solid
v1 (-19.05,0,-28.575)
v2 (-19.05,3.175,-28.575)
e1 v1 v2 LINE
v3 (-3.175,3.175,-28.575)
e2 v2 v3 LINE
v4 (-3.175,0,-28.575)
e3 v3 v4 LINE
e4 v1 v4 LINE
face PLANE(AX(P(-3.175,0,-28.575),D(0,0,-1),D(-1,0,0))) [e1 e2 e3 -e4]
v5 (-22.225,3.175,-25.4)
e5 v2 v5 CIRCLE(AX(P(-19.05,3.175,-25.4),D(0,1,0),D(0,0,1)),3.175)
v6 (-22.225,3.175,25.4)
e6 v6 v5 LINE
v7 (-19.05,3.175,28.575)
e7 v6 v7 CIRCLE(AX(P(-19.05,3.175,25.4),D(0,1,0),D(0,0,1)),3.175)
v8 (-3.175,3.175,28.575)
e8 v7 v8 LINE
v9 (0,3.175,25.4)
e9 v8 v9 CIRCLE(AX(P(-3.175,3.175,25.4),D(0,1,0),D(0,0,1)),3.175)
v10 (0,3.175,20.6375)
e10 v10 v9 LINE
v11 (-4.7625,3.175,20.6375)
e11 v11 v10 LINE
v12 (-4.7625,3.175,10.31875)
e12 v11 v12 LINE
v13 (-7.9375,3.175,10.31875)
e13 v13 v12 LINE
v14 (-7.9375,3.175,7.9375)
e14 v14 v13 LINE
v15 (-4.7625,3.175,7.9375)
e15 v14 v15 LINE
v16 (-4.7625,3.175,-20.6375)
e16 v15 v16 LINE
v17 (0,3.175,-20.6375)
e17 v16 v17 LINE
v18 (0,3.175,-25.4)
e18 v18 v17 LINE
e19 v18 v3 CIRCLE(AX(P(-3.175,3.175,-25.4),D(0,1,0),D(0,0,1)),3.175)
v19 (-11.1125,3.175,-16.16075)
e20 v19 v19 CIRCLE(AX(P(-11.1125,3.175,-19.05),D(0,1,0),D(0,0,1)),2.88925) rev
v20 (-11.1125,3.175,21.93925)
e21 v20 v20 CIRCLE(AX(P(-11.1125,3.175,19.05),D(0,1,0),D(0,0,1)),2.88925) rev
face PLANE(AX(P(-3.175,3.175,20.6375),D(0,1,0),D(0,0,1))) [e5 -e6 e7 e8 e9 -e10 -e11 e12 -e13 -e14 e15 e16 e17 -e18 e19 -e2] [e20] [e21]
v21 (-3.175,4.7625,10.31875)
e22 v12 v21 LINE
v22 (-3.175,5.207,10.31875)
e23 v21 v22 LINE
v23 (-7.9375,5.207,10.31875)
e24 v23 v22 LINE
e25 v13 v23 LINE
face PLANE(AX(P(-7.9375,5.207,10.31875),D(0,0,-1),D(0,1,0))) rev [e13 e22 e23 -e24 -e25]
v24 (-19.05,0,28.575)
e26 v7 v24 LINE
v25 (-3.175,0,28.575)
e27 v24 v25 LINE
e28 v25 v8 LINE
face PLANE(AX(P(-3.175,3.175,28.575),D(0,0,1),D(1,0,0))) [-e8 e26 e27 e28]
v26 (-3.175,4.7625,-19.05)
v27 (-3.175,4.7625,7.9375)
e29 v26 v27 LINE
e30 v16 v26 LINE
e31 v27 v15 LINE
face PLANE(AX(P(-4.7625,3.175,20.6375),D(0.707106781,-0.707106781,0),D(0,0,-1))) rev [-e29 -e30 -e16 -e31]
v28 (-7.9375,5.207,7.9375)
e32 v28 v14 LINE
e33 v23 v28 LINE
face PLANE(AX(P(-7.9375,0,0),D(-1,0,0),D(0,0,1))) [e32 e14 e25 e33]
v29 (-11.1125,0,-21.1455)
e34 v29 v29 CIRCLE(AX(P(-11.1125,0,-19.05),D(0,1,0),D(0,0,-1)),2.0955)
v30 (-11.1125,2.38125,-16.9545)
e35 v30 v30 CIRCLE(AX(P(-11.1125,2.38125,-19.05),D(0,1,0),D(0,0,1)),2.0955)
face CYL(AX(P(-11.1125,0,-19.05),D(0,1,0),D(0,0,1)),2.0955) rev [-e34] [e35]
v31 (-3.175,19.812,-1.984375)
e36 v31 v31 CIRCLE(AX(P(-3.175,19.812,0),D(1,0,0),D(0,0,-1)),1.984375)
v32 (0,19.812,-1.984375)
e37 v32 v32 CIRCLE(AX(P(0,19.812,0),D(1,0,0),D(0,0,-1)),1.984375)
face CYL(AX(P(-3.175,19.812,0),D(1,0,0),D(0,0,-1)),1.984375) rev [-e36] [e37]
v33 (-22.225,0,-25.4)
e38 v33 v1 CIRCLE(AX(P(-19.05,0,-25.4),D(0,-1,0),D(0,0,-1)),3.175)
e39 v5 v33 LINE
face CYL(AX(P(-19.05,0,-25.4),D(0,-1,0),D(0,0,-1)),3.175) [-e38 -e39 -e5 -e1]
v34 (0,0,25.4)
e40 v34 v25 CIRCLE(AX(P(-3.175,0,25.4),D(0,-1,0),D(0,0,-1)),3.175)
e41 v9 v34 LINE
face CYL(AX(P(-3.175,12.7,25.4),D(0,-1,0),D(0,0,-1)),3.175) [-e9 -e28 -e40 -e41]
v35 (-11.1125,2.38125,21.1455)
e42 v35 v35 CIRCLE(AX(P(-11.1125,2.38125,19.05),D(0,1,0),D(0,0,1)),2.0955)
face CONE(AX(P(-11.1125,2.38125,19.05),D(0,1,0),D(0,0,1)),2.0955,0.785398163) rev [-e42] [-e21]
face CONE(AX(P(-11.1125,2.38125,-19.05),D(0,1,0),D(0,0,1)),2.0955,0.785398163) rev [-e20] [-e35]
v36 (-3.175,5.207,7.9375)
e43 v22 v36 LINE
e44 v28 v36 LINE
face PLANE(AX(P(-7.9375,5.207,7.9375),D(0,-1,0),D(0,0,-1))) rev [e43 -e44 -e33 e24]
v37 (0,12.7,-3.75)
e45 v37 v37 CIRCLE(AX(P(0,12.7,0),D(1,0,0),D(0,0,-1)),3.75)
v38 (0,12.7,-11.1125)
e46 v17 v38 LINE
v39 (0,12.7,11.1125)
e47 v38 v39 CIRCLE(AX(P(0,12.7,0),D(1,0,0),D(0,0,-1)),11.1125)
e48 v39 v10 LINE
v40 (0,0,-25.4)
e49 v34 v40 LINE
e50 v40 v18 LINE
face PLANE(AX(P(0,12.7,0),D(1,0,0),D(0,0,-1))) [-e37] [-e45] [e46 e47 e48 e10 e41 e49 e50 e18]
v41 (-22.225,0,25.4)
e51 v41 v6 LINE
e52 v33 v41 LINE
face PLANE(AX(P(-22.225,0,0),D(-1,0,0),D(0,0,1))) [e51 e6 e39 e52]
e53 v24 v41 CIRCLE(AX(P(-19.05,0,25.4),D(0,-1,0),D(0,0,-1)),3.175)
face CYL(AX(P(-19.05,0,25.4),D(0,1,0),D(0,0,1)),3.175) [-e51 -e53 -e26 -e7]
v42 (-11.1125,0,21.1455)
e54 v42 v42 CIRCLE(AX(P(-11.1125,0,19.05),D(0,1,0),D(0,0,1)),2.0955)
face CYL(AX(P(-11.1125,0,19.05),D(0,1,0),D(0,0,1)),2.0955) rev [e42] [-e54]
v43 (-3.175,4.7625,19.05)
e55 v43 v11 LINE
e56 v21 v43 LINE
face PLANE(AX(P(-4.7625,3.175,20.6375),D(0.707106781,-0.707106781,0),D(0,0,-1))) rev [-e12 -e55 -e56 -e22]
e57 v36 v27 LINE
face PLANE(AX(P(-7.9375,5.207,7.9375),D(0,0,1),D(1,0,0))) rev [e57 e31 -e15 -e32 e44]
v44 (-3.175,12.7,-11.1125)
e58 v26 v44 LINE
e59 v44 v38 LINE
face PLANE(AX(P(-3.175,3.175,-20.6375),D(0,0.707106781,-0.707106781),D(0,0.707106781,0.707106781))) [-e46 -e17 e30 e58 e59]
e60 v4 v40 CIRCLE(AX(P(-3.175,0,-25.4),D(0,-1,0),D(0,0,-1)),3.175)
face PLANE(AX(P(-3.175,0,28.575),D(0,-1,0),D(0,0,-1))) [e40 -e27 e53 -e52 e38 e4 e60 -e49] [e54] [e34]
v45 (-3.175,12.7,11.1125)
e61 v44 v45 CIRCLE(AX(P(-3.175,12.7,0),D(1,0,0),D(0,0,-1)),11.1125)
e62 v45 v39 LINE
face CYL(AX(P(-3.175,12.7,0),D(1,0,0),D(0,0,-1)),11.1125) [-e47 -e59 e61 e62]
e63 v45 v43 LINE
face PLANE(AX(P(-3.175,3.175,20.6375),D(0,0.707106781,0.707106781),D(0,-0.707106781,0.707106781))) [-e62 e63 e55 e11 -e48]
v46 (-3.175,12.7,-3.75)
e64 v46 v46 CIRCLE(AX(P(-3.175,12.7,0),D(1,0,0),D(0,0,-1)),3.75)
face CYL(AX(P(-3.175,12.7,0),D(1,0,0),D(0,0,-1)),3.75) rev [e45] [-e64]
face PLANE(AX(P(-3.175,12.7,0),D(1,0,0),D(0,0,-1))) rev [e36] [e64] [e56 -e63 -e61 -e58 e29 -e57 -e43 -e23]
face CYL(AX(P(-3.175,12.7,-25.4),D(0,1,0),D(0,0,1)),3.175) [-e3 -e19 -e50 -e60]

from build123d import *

# Parameters (mm, degrees)
SKETCH1_R           = 3.75
BOSS_EXTRUDE1_DEPTH = 3.175
SKETCH2_R           = 1.984375
CUT_EXTRUDE1_DEPTH  = 4.175
SKETCH3_W           = 57.15
SKETCH3_H           = 3.175
BOSS_EXTRUDE2_DEPTH = 19.05
SKETCH4_W           = 2.38125
SKETCH4_H           = 2.032
BOSS_EXTRUDE3_DEPTH = 4.7625
SKETCH5_R           = 2.0955
CUT_EXTRUDE2_DEPTH  = 4.175
CHAMFER1_SIZE       = 0.79375
CHAMFER3_SIZE       = 1.5875
FILLET1_R           = 3.175


with BuildPart() as part:
    # Sketch1 → Boss-Extrude1 (new body)
    with BuildSketch(Plane(origin=(0, 0, 0), x_dir=(0, 0, -1), z_dir=(1, 0, 0))):
        with BuildLine():
            Line((-28.575, 0), (28.575, 0))
            Line((28.575, 0), (28.575, 3.175))
            Line((28.575, 3.175), (20.6375, 3.175))
            Line((20.6375, 3.175), (11.1125, 12.7))
            ThreePointArc((11.1125, 12.7), (0, 23.8125), (-11.1125, 12.7))
            Line((-11.1125, 12.7), (-20.6375, 3.175))
            Line((-20.6375, 3.175), (-28.575, 3.175))
            Line((-28.575, 3.175), (-28.575, 0))
        make_face()
        with Locations((0, 12.7)):
            Circle(SKETCH1_R, mode=Mode.SUBTRACT)
    extrude(amount=-BOSS_EXTRUDE1_DEPTH)

    # Sketch2 → Cut-Extrude1 (cut, through all)
    with BuildSketch(Plane(origin=(0, 0, 0), x_dir=(0, 0, -1), z_dir=(1, 0, 0))):
        with Locations((0, 19.812)):
            Circle(SKETCH2_R)
    extrude(amount=-CUT_EXTRUDE1_DEPTH, mode=Mode.SUBTRACT)

    # Sketch3 → Boss-Extrude2 (add)
    with BuildSketch(Plane.ZY.offset(3.175)):
        with Locations((0, 1.5875)):
            Rectangle(SKETCH3_W, SKETCH3_H)
    extrude(amount=BOSS_EXTRUDE2_DEPTH)

    # Sketch4 → Boss-Extrude3 (add)
    with BuildSketch(Plane.ZY.offset(3.175)):
        with Locations((9.128125, 4.191)):
            Rectangle(SKETCH4_W, SKETCH4_H)
    extrude(amount=BOSS_EXTRUDE3_DEPTH)

    # Sketch5 → Cut-Extrude2 (cut, through all)
    with BuildSketch(Plane(origin=(0, 3.175, 0), x_dir=(1, 0, 0), z_dir=(0, 1, 0))):
        with Locations((-11.1125, -19.05)):
            Circle(SKETCH5_R)
        with Locations((-11.1125, 19.05)):
            Circle(SKETCH5_R)
    extrude(amount=-CUT_EXTRUDE2_DEPTH, mode=Mode.SUBTRACT)

    # Chamfer1
    chamfer1_edges = [part.edges().sort_by_distance(p)[0] for p in [
        (-13.208, 3.175, 19.05),
        (-13.208, 3.175, -19.05),
    ]]
    chamfer(chamfer1_edges, length=CHAMFER1_SIZE)

    # Chamfer3
    chamfer3_edges = [part.edges().sort_by_distance(p)[0] for p in [
        (-3.175, 3.175, 15.478125),
        (-3.175, 3.175, -6.35),
    ]]
    chamfer(chamfer3_edges, length=CHAMFER3_SIZE)

    # Fillet1
    fillet1_edges = [part.edges().sort_by_distance(p)[0] for p in [
        (0, 1.5875, -28.575),
        (0, 1.5875, 28.575),
        (-22.225, 1.5875, -28.575),
        (-22.225, 1.5875, 28.575),
    ]]
    fillet(fillet1_edges, radius=FILLET1_R)


solid = part.part
